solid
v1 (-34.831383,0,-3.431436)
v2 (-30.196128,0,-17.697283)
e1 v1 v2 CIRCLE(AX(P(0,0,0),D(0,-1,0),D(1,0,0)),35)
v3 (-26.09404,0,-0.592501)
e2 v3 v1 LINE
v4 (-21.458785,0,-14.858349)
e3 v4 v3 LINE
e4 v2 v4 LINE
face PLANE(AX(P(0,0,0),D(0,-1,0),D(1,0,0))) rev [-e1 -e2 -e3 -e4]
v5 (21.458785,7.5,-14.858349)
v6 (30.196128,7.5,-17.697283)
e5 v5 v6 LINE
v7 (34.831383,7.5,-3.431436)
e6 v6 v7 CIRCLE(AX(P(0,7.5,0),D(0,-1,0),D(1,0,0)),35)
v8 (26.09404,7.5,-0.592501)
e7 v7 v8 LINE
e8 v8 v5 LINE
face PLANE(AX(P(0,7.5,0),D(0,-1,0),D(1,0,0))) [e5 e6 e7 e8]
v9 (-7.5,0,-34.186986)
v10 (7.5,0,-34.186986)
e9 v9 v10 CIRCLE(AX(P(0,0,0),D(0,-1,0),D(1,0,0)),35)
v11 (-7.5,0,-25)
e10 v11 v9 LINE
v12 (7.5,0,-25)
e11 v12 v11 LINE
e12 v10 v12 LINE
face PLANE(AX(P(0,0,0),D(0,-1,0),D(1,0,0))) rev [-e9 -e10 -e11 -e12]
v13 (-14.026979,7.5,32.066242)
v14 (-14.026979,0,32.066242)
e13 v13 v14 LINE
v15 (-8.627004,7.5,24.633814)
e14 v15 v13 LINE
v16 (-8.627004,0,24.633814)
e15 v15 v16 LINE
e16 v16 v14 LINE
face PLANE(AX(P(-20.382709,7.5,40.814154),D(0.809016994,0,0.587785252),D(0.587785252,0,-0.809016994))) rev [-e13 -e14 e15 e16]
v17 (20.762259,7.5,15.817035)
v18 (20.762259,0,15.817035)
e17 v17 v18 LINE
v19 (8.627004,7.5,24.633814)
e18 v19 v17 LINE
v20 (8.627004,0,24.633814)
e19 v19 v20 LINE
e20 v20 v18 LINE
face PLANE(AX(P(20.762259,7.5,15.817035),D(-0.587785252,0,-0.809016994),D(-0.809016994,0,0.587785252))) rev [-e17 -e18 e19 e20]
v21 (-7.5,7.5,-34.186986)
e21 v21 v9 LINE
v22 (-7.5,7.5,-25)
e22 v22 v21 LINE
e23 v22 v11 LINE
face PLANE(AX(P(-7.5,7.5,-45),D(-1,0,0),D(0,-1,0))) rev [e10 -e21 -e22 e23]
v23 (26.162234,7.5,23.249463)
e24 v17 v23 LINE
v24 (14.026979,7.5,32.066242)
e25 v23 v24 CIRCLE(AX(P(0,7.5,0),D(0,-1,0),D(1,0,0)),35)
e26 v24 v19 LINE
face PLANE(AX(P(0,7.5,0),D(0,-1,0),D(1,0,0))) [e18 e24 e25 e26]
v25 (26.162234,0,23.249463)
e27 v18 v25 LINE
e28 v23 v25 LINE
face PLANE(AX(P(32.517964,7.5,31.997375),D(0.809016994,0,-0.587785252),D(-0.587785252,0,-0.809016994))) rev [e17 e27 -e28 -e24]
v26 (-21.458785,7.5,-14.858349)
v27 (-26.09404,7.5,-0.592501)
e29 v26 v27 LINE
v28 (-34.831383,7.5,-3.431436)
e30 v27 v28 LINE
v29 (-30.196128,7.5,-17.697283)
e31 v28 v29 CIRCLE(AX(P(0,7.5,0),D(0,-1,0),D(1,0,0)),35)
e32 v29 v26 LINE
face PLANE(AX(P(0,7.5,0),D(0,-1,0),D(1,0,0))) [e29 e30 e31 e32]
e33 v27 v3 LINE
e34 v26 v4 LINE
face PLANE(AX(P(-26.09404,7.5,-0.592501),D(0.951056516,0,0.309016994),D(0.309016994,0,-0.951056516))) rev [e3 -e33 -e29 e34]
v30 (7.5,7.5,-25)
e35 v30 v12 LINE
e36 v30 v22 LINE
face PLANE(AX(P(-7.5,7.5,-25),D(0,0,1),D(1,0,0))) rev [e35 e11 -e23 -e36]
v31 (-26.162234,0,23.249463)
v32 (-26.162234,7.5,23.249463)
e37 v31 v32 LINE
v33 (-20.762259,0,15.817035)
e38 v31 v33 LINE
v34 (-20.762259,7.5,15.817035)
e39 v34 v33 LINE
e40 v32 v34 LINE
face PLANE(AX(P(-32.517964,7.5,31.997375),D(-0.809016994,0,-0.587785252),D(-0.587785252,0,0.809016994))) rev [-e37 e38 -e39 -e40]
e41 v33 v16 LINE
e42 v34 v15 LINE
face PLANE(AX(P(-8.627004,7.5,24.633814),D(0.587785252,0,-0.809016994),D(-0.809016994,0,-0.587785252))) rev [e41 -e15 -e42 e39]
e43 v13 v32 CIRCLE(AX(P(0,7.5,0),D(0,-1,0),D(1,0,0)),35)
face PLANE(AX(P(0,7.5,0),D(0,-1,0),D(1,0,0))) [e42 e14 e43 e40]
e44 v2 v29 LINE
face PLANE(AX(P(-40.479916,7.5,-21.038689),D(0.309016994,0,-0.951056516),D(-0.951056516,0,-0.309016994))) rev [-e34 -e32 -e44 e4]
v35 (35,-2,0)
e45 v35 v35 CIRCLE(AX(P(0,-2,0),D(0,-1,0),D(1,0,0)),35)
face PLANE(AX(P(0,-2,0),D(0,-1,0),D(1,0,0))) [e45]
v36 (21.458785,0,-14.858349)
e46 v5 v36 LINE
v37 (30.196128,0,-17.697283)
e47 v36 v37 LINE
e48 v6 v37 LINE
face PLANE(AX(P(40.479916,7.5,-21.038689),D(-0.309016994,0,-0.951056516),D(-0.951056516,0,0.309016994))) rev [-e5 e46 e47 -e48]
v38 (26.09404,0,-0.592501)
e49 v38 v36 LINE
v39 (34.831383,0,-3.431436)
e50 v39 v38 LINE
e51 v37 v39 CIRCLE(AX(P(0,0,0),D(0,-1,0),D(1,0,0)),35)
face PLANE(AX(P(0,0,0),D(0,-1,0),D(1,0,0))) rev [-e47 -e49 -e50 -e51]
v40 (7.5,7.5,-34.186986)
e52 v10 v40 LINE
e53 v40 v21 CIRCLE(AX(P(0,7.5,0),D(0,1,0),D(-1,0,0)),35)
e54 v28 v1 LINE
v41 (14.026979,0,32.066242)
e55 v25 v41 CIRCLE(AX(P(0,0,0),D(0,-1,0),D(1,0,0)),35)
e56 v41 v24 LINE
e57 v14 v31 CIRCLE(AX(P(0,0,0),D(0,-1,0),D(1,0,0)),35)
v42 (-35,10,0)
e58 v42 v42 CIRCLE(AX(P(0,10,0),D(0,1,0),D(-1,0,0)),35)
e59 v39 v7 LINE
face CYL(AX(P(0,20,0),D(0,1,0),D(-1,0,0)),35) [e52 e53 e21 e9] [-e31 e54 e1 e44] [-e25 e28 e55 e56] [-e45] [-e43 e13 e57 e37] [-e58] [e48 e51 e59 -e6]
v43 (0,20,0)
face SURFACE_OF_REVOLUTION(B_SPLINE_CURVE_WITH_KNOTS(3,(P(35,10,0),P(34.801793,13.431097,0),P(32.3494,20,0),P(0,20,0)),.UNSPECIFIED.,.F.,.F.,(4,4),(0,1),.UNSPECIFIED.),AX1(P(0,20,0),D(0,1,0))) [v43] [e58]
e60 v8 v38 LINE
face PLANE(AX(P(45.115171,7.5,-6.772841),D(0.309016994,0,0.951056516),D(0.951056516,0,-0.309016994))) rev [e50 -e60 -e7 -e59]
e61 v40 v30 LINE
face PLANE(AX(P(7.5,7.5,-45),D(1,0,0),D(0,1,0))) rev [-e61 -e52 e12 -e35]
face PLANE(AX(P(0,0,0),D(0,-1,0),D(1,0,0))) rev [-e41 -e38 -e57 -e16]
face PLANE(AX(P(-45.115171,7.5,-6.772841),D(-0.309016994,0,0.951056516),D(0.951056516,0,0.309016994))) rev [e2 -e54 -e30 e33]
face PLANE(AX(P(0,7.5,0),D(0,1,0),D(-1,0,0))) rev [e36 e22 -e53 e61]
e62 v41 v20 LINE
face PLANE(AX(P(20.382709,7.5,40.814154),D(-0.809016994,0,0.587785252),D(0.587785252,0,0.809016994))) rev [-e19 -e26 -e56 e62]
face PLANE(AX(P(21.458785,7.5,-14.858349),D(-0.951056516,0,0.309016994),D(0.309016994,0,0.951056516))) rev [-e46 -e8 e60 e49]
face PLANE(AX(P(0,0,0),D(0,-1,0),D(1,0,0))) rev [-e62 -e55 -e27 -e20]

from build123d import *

# Parameters (mm, degrees)
ESQUISSE3_W             = 15
ESQUISSE3_H             = 20
ENL_V_MAT_EXTRU_1_DEPTH = 7.5
ESQUISSE4_R             = 35
BOSS_EXTRU_1_DEPTH      = 2


with BuildPart() as part:
    # Esquisse2 → Révolution1 (revolve)
    with BuildSketch(Plane.XY):
        with BuildLine():
            Line((0, 20), (0, 0))
            Line((0, 0), (35, 0))
            Line((35, 0), (35, 10))
            add(Edge.make_bspline(
                [(0, 20), (32.349399846, 20), (34.80179319, 13.431096766), (35, 10)],
                knots=[0, 0, 0, 0, 1, 1, 1, 1], degree=3))
        make_face()
    revolve(axis=Axis((0, 20, 0), (0, -1, 0)))

    # Esquisse3 → Enlèv. mat.-Extru.1 (cut)
    with BuildSketch(Plane.XZ):
        with Locations((0, -35)):
            Rectangle(ESQUISSE3_W, ESQUISSE3_H)
        Polygon((-45.115170691, -6.772840875), (-26.094040365, -0.592500987), (-21.45878545, -14.858348732), (-40.479915775, -21.038688619), align=None)
        Polygon((-20.382708895, 40.814154139), (-8.627003849, 24.633814252), (-20.762258765, 15.817035467), (-32.517963811, 31.997375355), align=None)
        Polygon((32.517963811, 31.997375355), (20.762258765, 15.817035467), (8.627003849, 24.633814252), (20.382708895, 40.814154139), align=None)
        Polygon((40.479915775, -21.038688619), (21.45878545, -14.858348732), (26.094040365, -0.592500987), (45.115170691, -6.772840875), align=None)
    extrude(amount=-ENL_V_MAT_EXTRU_1_DEPTH, mode=Mode.SUBTRACT)

    # Esquisse4 → Boss.-Extru.1 (add)
    with BuildSketch(Plane.XZ):
        Circle(ESQUISSE4_R)
    extrude(amount=BOSS_EXTRU_1_DEPTH)


solid = part.part
